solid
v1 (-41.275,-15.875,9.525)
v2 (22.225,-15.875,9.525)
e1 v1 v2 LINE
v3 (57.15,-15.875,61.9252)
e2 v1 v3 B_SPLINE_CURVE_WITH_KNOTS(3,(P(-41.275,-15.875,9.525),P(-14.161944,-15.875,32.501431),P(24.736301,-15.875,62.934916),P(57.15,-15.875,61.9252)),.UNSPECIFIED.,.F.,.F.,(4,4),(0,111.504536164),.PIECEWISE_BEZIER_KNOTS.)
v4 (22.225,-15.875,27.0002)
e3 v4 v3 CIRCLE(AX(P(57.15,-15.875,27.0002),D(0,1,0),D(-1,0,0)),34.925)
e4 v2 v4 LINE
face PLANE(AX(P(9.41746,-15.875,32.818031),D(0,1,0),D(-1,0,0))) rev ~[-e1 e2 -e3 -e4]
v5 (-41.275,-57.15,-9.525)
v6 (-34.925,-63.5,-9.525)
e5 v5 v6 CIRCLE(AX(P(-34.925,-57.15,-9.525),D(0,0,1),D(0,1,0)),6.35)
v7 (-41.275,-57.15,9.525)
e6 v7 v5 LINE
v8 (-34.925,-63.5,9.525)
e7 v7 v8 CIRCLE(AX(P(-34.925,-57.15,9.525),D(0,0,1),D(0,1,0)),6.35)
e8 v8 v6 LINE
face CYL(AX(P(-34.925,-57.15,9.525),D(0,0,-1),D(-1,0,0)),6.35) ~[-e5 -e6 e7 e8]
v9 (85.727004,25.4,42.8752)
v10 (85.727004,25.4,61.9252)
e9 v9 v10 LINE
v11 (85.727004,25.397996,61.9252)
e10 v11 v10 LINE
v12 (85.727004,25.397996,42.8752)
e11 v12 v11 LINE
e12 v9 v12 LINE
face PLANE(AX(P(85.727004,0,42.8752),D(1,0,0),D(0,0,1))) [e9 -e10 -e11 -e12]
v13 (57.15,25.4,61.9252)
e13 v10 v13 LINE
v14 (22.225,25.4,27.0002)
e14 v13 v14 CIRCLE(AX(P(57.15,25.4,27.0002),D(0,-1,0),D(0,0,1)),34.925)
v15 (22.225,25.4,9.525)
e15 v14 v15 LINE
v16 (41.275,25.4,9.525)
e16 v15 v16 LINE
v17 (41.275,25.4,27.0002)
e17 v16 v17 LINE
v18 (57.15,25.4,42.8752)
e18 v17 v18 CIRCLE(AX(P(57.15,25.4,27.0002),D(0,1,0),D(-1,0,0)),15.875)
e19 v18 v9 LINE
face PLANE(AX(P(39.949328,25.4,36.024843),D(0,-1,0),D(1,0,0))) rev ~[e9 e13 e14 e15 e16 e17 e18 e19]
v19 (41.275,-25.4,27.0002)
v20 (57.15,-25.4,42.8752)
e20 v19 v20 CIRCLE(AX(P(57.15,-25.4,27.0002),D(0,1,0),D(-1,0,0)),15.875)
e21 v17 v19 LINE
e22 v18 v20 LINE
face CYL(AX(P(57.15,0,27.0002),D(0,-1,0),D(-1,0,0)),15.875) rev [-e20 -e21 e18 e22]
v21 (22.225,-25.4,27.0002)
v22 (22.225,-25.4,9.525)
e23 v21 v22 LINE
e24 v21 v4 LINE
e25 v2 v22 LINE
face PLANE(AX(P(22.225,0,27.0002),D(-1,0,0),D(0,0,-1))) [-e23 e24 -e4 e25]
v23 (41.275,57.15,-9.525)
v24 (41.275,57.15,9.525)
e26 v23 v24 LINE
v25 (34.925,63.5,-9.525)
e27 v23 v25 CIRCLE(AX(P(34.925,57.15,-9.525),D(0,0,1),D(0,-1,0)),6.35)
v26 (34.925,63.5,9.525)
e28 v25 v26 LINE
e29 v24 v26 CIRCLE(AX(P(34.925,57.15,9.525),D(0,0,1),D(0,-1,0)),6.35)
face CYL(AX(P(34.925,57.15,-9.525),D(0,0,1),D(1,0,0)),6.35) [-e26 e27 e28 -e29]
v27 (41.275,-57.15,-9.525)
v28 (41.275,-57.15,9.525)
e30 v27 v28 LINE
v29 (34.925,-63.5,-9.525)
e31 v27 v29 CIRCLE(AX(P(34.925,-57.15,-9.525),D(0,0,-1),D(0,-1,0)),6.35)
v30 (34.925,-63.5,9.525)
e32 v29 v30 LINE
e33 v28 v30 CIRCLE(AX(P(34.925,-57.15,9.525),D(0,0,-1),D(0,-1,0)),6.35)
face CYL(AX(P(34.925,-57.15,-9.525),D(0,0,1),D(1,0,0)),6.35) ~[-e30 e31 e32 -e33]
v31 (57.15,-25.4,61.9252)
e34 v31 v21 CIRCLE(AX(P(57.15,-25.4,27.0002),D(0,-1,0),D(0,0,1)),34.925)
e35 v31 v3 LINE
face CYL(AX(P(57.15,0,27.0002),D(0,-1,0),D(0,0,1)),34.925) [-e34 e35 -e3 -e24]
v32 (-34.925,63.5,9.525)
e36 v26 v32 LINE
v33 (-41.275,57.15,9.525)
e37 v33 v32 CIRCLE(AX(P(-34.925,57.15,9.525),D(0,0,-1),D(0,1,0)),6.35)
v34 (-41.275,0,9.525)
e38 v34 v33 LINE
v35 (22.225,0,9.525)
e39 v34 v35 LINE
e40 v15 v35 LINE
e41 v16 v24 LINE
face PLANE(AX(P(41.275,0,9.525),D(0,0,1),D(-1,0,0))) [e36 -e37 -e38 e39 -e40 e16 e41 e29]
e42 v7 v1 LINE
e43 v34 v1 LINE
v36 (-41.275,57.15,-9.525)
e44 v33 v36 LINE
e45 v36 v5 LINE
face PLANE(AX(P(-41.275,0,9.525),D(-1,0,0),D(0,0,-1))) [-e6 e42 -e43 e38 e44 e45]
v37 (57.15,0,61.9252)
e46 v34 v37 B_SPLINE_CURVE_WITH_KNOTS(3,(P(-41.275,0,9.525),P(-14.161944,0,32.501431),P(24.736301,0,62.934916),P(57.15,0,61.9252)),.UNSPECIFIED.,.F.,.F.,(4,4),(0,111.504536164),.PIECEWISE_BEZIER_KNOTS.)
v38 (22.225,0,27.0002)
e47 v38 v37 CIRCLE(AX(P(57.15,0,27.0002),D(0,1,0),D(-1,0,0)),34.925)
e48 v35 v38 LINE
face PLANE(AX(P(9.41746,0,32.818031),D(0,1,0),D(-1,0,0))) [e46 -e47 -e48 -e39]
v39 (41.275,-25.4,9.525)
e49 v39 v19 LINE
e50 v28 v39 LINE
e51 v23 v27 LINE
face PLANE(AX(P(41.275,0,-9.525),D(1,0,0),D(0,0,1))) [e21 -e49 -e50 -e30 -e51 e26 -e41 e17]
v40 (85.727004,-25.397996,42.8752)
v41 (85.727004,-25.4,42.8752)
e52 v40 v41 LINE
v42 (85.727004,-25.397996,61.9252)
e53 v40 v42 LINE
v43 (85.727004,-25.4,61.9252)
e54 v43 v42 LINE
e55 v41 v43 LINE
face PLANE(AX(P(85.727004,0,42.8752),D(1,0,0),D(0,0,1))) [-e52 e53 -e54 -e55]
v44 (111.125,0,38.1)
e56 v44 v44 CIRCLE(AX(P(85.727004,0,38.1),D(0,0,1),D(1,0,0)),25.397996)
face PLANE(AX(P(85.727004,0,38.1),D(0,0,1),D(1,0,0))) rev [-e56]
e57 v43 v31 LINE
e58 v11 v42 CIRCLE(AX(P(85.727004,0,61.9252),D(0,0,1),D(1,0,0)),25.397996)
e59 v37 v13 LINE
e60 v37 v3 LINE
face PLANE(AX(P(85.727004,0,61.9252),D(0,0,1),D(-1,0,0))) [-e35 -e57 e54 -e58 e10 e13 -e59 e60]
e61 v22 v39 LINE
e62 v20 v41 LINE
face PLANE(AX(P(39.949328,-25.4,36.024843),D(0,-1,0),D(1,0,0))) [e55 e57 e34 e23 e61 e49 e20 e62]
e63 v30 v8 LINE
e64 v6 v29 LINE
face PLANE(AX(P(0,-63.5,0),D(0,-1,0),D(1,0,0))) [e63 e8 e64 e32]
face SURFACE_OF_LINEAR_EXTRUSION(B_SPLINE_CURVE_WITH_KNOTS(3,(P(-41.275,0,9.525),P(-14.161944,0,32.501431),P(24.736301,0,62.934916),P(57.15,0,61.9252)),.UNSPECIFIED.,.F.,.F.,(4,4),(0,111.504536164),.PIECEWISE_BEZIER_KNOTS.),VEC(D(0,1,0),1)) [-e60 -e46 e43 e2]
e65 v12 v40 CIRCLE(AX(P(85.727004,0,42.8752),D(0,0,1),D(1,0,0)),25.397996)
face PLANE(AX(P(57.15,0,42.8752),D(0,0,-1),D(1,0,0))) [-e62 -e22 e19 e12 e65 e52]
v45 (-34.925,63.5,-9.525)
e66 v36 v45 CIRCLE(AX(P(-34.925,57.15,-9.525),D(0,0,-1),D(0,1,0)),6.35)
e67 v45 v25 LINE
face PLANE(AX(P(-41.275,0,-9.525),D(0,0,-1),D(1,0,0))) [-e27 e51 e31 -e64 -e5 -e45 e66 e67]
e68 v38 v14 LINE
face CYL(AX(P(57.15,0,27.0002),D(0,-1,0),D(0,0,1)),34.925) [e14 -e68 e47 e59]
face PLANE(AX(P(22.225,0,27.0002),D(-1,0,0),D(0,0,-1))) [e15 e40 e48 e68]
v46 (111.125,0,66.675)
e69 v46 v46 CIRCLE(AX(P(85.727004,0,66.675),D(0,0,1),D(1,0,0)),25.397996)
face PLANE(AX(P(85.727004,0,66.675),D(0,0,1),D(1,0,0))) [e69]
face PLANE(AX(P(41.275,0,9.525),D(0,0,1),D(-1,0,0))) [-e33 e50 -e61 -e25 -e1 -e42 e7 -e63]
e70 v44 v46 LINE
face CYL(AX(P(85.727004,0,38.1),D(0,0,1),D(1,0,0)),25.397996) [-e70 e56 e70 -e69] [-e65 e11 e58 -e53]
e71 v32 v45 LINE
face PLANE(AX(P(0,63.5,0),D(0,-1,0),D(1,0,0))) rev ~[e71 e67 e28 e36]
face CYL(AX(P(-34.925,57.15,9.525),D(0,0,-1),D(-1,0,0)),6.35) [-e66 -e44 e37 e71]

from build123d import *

# Parameters (mm, degrees)
F1_DEPTH = 63.5
F0_W     = 25.402003606
F0_H     = 19.05
F2_DEPTH = 25.4
F3_DEPTH = 15.875
F5_R     = 6.35


with BuildPart() as f1:
    # F0 (on Front) → F1 (new body, symmetric)
    with BuildSketch(Plane.XZ):
        Polygon((22.225, 9.525), (-41.275, 9.525), (-41.275, -9.525), (41.275, -9.525), (41.275, 9.525), align=None)
    extrude(amount=F1_DEPTH, both=True)

    # F0 (on Front) → F2 (join, symmetric)
    with BuildSketch(Plane.XZ):
        with BuildLine():
            Line((22.225, 27.0002), (22.225, 9.525))
            Line((22.225, 9.525), (41.275, 9.525))
            Line((41.275, 9.525), (41.275, 27.0002))
            ThreePointArc((41.275, 27.0002), (45.9246798487, 38.2255201513), (57.15, 42.8752))
            Line((57.15, 42.8752), (60.325, 42.8752))
            Line((60.325, 42.8752), (60.325, 61.9252))
            Line((60.325, 61.9252), (57.15, 61.9252))
            ThreePointArc((57.15, 61.9252), (32.4542956671, 51.6959043329), (22.225, 27.0002))
        make_face()
        with Locations((73.026001803, 52.4002)):
            Rectangle(F0_W, F0_H)
    extrude(amount=F2_DEPTH, both=True)

    # F0 (on Front) → F3 (join)
    with BuildSketch(Plane.XZ):
        with BuildLine():
            add(Edge.make_bspline(
                [(-41.275, 9.525), (-14.1619439489, 32.5014305517), (24.7363013962, 62.9349157899), (57.15, 61.9252)],
                knots=[0, 0, 0, 0, 111.5045361635, 111.5045361635, 111.5045361635, 111.5045361635], degree=3))
            Line((-41.275, 9.525), (22.225, 9.525))
            Line((22.225, 9.525), (22.225, 27.0002))
            ThreePointArc((22.225, 27.0002), (32.4542956671, 51.6959043329), (57.15, 61.9252))
        make_face()
    extrude(amount=F3_DEPTH)

    # F0 (on Front) → F4 (revolve)
    with BuildSketch(Plane.XZ):
        Polygon((85.727003606, 66.675), (85.727003606, 61.9252), (85.727003606, 42.8752), (85.727003606, 38.1), (111.125, 38.1), (111.125, 66.675), align=None)
    revolve(axis=Axis((85.727003606, 0, 52.3875), (0, 0, 1)))

    # F5
    f5_edges = [f1.edges().sort_by_distance(p)[0] for p in [
        (41.275, -63.5, 0),
        (-41.275, -63.5, 0),
        (-41.275, 63.5, 0),
        (41.275, 63.5, 0),
    ]]
    fillet(f5_edges, radius=F5_R)


solid = f1.part
